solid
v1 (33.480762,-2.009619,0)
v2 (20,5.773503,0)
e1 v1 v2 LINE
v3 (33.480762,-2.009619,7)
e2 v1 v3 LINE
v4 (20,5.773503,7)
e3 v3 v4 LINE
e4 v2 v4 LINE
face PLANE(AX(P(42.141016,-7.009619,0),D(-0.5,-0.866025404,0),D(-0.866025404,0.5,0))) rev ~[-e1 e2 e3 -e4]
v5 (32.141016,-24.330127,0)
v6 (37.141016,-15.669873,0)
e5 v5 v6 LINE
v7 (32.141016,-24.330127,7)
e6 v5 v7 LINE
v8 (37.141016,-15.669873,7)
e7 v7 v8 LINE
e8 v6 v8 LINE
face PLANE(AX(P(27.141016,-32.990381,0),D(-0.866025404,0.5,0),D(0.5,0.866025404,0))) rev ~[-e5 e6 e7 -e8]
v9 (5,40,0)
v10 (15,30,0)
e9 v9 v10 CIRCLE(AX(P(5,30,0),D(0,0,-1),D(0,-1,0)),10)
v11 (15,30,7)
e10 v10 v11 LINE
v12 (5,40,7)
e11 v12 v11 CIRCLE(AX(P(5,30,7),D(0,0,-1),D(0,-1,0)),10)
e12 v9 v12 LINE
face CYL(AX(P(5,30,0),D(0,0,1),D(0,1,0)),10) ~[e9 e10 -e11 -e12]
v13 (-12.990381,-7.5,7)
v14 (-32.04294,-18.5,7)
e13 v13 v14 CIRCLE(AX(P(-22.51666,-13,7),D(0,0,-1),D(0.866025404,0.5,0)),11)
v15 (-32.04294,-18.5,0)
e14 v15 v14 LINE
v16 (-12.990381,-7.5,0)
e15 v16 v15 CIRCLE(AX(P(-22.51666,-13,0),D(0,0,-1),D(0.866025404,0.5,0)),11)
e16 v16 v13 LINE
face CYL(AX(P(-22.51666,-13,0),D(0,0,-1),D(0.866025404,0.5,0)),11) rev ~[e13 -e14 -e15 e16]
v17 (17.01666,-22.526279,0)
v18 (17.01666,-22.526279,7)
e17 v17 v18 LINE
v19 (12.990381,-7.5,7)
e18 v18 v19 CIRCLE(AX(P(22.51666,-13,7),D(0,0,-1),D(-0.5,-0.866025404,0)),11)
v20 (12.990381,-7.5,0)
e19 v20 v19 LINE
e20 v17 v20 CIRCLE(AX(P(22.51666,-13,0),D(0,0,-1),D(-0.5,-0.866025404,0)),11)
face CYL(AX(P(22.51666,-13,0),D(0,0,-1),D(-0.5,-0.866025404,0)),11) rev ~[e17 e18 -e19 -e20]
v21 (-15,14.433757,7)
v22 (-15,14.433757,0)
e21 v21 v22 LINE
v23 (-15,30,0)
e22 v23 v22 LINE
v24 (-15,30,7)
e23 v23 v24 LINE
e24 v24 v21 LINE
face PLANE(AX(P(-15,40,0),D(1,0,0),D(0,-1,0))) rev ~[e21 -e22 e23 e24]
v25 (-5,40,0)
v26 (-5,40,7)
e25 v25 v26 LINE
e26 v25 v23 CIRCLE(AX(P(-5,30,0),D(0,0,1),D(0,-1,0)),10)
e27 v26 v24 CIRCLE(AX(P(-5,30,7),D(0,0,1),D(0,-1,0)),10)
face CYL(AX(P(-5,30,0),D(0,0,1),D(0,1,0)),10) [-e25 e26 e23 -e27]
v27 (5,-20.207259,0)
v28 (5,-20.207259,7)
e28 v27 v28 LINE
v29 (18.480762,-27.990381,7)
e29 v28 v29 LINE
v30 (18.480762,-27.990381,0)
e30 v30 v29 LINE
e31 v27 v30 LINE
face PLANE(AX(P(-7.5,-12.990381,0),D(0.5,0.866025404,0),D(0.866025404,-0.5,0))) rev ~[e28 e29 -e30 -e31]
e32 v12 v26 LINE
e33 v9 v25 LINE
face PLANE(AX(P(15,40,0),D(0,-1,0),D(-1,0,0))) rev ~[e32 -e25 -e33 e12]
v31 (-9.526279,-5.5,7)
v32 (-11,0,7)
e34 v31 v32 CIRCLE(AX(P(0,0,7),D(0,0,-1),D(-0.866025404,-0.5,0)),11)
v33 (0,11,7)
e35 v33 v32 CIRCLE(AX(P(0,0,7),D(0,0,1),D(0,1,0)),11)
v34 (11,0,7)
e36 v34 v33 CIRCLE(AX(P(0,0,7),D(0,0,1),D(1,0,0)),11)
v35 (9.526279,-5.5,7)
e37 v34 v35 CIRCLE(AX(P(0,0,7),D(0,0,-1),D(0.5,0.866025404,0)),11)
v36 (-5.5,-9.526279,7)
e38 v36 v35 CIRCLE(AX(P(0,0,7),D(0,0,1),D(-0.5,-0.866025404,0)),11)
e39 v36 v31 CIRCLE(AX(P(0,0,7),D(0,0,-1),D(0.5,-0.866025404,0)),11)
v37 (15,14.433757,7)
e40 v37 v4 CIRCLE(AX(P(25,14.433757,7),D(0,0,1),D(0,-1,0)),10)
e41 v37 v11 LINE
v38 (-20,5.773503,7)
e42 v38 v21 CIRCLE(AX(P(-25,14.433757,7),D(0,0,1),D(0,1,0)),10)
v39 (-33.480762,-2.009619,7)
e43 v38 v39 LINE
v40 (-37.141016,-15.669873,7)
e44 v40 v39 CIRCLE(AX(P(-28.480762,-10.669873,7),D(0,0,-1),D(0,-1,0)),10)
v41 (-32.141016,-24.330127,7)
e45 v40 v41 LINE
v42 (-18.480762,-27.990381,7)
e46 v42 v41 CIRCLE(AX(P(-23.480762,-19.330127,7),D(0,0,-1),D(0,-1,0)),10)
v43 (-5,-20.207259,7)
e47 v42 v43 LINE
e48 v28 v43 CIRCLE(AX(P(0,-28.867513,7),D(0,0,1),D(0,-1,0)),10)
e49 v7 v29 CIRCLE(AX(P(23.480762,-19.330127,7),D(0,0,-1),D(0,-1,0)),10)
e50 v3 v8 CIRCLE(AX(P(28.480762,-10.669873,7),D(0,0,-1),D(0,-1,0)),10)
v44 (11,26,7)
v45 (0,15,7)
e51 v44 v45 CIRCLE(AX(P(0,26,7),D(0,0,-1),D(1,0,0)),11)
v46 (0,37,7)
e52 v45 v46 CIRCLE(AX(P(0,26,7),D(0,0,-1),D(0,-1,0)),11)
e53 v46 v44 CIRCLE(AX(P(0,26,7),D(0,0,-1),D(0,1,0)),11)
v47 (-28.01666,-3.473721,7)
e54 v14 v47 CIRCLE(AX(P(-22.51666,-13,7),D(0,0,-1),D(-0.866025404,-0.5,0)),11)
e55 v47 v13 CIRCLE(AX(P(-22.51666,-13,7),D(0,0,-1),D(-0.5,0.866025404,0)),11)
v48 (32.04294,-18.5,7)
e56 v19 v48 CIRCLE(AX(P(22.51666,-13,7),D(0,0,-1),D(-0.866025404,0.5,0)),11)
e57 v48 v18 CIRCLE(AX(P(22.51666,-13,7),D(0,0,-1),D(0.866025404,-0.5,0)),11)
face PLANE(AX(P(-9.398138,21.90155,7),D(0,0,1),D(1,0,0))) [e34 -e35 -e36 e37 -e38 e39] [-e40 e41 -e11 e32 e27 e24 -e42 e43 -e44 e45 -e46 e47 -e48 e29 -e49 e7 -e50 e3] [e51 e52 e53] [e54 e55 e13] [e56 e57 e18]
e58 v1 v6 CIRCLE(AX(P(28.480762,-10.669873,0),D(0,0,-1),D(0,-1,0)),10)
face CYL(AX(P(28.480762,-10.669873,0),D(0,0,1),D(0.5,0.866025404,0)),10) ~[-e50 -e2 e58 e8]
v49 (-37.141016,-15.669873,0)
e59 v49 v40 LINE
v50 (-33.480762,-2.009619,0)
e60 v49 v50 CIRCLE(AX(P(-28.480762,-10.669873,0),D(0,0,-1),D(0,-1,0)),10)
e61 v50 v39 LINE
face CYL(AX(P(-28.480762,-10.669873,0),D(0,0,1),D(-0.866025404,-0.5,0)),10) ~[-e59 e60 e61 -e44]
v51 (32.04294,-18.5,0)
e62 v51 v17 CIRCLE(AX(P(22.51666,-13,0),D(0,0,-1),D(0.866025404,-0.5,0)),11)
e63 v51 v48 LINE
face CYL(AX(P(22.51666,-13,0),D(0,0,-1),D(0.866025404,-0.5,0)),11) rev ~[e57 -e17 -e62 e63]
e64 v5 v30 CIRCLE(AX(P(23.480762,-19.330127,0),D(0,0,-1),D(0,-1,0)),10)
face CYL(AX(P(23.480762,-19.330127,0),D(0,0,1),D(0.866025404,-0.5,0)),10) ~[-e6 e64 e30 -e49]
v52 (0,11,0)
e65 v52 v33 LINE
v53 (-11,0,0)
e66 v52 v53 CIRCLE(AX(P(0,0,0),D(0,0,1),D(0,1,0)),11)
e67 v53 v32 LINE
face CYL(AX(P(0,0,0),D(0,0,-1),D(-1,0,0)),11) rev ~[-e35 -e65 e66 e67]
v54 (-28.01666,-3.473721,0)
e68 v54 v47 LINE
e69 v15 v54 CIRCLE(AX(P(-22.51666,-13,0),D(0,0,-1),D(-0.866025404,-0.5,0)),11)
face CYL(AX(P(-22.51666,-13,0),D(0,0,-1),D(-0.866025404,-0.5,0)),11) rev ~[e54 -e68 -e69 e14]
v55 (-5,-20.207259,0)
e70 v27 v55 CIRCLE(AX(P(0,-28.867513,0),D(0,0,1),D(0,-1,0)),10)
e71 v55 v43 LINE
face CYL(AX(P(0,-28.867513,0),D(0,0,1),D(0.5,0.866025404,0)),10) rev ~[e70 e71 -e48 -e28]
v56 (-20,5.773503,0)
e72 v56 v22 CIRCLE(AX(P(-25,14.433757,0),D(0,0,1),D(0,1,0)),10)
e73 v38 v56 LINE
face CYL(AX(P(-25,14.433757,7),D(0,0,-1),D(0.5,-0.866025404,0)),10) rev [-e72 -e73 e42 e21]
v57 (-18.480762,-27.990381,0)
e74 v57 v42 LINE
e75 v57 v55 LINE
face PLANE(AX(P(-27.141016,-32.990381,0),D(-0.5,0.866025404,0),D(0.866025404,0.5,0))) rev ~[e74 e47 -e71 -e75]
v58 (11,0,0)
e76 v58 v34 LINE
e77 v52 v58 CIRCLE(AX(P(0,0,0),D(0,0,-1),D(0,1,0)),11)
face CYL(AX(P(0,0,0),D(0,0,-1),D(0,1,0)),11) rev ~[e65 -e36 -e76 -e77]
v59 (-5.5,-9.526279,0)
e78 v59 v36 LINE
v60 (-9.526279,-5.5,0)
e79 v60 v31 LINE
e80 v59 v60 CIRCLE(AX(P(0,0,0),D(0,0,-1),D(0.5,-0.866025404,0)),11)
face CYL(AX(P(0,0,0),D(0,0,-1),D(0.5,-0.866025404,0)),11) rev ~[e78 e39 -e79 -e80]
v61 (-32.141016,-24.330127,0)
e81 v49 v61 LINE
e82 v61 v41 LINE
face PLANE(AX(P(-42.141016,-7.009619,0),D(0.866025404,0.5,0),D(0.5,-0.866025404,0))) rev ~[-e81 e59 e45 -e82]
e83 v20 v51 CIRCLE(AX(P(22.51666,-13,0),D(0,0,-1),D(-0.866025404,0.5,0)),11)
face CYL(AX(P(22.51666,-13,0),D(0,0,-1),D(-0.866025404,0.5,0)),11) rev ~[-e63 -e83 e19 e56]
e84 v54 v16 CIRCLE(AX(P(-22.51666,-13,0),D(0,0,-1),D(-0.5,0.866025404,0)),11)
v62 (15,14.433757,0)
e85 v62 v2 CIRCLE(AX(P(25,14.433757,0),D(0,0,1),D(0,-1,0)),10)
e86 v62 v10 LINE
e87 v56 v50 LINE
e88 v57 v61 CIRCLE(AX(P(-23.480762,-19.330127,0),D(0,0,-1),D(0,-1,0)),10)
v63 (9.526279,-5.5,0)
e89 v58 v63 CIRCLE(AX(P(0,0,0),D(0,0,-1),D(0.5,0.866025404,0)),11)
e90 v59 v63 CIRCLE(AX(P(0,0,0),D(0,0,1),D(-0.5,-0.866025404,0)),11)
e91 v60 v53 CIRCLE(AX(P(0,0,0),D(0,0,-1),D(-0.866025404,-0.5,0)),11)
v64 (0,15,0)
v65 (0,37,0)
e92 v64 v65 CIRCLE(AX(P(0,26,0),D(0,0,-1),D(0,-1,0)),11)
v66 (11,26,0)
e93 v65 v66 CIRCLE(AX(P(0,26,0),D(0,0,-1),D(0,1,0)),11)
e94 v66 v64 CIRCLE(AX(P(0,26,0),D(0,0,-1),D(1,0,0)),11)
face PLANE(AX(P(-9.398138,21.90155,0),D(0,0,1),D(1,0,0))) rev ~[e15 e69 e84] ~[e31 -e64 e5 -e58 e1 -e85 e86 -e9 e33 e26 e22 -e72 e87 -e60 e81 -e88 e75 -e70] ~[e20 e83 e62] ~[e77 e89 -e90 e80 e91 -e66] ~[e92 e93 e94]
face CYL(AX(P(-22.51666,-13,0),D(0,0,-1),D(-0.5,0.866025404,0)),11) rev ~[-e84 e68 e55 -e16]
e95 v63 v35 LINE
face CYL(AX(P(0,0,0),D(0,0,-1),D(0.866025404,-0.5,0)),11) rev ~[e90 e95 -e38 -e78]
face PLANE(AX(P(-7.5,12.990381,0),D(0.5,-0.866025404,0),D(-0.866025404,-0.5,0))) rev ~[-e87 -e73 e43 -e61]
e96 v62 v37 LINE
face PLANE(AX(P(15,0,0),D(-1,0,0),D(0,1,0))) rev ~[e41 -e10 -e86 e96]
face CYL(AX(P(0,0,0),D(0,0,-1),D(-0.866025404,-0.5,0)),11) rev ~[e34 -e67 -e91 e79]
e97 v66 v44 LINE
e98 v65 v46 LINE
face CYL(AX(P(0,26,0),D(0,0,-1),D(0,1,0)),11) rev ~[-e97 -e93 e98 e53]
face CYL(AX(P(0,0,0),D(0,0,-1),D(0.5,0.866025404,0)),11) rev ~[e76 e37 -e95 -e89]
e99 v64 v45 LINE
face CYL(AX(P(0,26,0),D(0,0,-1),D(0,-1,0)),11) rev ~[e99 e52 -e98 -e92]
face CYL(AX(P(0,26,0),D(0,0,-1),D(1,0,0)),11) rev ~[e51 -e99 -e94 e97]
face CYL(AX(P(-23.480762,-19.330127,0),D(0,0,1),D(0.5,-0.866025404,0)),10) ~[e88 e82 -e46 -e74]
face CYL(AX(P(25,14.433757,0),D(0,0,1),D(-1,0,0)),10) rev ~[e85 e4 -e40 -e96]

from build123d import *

# Parameters (mm, degrees)
F1_DEPTH = 7
F3_ANGLE = 120
F4_ANGLE = 240
F6_R     = 10


with BuildPart() as f1:
    # F0 (on Top) → F1 (new body)
    with BuildSketch(Plane.XY):
        with BuildLine():
            ThreePointArc((-11, 0), (-7.7781745931, 7.7781745931), (0, 11))
            Line((0, 11), (0, 15))
            ThreePointArc((0, 15), (-11, 26), (0, 37))
            Line((0, 37), (0, 40))
            Line((0, 40), (-15, 40))
            Line((-15, 40), (-15, 0))
            Line((-15, 0), (-11, 0))
        make_face()
        with BuildLine():
            ThreePointArc((0, 11), (7.7781745931, 7.7781745931), (11, 0))
            Line((11, 0), (15, 0))
            Line((15, 0), (15, 40))
            Line((15, 40), (0, 40))
            Line((0, 40), (0, 37))
            ThreePointArc((0, 37), (7.7781745931, 33.7781745931), (11, 26))
            ThreePointArc((11, 26), (7.7781745931, 18.2218254069), (0, 15))
            Line((0, 15), (0, 11))
        make_face()
    extrude(amount=F1_DEPTH)


with BuildPart() as f3_1:
    # F3: copy of F1
    add(f1.part.rotate(Axis((0, 0, 26.0697361082), (0, 0, 1)), F3_ANGLE))


with BuildPart() as f4_1:
    # F4: copy of F1
    add(f1.part.rotate(Axis((0, 0, 26.0697361082), (0, 0, 1)), F4_ANGLE))


with BuildPart() as f1_1:
    add(f1.part)

    # F5: union F4_1, F3_1
    add(f4_1.part)
    add(f3_1.part)

    # F6
    f6_edges = [f1_1.edges().sort_by_distance(p)[0] for p in [
        (15, 40, 3.5),
        (42.141016, -7.009619, 3.5),
        (27.141016, -32.990381, 3.5),
        (-27.141016, -32.990381, 3.5),
        (-42.141016, -7.009619, 3.5),
        (-15, 40, 3.5),
        (-15, 8.660254, 3.5),
        (0, -17.320508, 3.5),
        (15, 8.660254, 3.5),
    ]]
    fillet(f6_edges, radius=F6_R)


solid = f1_1.part
